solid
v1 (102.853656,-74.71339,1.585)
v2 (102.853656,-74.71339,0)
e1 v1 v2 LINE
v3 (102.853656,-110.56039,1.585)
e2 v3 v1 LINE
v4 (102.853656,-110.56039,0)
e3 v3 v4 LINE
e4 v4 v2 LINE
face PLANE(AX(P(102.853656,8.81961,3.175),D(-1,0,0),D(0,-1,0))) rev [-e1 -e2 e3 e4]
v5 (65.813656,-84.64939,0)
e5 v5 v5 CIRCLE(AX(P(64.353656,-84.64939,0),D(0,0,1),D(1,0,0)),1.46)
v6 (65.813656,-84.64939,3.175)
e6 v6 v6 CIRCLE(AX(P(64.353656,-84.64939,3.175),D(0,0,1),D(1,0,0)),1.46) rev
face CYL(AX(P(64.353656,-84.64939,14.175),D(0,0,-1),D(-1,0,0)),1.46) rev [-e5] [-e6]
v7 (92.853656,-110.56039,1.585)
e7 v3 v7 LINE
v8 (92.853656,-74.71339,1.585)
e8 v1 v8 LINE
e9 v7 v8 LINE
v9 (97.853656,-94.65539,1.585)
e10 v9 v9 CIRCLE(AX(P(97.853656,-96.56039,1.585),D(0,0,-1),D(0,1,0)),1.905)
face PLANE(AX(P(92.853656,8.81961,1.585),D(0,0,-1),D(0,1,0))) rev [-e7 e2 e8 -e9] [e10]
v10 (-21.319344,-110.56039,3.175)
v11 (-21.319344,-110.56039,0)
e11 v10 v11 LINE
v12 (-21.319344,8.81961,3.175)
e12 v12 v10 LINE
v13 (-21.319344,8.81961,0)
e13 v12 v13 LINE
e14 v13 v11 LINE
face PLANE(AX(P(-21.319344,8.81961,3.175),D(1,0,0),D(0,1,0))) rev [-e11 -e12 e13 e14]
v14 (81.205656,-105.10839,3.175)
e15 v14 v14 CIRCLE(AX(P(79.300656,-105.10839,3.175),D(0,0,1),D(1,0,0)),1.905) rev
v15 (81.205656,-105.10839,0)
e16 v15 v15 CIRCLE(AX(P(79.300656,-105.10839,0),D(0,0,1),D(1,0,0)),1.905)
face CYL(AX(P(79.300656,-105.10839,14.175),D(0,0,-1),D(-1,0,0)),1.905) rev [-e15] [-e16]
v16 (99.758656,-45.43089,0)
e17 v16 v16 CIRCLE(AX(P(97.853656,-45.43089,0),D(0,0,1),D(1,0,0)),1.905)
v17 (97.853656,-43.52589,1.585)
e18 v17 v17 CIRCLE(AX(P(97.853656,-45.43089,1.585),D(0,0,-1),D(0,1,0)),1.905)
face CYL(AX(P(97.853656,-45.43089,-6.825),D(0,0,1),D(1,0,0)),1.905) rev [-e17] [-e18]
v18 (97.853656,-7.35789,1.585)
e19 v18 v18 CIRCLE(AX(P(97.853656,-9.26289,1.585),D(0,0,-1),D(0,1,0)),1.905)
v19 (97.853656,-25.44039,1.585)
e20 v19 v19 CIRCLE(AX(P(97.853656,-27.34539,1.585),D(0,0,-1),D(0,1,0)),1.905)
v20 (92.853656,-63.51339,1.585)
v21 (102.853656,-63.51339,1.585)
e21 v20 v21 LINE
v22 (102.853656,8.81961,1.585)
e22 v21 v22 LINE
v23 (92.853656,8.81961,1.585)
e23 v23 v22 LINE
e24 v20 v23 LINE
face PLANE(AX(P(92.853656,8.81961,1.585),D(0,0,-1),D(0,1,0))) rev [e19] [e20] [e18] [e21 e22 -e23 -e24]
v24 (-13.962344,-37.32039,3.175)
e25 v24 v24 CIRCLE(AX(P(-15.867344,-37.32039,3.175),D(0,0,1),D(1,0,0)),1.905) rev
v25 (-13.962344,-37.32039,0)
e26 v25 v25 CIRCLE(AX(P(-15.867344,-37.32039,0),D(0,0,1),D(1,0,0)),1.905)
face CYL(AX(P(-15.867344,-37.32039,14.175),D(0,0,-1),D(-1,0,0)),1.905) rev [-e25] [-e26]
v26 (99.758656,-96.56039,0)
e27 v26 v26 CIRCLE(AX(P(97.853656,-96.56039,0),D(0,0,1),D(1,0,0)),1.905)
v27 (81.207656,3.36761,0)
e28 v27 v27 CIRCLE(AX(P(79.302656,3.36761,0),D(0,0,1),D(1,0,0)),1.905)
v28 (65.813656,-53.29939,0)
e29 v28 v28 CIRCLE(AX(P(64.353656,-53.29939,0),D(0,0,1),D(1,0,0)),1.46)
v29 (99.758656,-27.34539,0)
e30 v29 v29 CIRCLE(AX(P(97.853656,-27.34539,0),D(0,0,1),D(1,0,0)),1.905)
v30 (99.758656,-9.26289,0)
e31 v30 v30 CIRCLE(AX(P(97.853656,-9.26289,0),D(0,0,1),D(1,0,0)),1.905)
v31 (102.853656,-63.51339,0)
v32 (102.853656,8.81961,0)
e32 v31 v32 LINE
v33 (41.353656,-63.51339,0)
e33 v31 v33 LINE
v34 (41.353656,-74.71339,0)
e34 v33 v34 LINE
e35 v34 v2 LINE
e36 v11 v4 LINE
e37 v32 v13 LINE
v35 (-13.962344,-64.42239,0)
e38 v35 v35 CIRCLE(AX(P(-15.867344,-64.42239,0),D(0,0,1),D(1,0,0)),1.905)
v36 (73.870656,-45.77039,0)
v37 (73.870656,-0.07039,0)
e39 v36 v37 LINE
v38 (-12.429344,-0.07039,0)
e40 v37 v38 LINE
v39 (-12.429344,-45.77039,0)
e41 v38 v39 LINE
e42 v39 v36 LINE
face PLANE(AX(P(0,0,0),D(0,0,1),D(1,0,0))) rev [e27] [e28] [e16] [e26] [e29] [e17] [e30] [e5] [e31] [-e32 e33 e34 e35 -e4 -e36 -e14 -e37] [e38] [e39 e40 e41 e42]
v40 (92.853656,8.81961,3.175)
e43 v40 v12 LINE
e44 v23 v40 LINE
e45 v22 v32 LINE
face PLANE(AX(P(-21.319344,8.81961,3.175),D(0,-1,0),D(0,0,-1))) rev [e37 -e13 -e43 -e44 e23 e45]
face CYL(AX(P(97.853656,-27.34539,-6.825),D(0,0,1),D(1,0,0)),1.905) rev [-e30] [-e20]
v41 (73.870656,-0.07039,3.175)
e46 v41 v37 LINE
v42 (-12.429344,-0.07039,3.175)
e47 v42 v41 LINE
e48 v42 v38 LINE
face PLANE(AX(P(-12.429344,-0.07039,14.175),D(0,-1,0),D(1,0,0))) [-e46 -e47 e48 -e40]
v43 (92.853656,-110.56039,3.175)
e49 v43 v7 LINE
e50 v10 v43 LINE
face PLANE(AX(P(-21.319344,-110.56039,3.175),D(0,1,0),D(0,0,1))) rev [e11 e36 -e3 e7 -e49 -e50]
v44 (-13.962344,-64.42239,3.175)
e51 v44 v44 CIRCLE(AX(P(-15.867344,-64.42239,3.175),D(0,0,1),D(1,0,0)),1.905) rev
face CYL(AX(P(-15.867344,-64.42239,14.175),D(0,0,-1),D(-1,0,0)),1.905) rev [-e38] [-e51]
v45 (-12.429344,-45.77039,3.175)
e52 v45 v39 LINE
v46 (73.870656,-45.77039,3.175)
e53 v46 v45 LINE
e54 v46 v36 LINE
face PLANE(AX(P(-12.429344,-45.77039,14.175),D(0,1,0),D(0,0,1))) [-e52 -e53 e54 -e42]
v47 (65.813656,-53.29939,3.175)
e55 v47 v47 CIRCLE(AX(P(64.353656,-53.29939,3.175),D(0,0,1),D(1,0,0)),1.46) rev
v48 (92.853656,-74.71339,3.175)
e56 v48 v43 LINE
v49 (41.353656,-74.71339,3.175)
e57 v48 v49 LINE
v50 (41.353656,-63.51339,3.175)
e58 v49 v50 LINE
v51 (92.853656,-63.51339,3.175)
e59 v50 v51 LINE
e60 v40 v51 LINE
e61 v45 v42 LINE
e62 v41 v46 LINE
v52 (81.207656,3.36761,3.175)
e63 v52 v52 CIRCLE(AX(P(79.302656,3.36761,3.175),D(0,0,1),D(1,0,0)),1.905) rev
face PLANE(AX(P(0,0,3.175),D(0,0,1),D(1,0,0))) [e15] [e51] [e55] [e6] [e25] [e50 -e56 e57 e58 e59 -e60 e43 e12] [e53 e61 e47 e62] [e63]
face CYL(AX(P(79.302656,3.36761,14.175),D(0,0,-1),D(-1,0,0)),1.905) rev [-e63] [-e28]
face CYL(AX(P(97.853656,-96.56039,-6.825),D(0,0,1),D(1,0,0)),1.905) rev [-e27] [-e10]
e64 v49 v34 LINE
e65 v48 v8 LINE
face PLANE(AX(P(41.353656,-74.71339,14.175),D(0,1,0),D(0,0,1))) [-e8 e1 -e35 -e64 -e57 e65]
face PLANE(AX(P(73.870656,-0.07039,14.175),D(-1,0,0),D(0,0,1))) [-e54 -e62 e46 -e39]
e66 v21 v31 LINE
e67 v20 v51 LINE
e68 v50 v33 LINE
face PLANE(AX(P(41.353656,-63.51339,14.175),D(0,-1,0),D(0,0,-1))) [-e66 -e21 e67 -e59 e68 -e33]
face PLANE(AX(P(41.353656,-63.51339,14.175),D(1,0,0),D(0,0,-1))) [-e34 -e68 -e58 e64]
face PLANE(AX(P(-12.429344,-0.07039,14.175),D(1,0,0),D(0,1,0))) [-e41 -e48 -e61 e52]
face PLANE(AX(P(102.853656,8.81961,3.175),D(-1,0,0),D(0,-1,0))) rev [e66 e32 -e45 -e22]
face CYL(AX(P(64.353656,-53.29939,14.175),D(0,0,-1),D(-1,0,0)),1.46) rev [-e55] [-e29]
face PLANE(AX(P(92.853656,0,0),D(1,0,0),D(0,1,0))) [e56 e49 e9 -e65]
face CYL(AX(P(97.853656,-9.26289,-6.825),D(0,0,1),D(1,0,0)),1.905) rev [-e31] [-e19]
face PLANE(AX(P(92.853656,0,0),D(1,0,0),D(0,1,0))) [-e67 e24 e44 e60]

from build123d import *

# Parameters (mm, degrees)
SKETCH2_W           = 124.173
SKETCH2_H           = 119.38
BOSS_EXTRUDE1_DEPTH = 3.175
SKETCH4_R           = 1.905
SKETCH4_R_2         = 1.46
SKETCH4_W           = 86.3
SKETCH4_H           = 45.7
SKETCH4_W_2         = 61.5
SKETCH4_H_2         = 11.2
CUT_EXTRUDE1_DEPTH  = 14.175
SKETCH10_W          = 1.59
SKETCH10_H          = 120
CUT_EXTRUDE3_DEPTH  = 10
SKETCH11_R          = 1.905
CUT_EXTRUDE4_DEPTH  = 10


with BuildPart() as part:
    # Sketch2 → Boss-Extrude1 (new body)
    with BuildSketch(Plane.XY):
        with Locations((40.767155738, -50.87039032)):
            Rectangle(SKETCH2_W, SKETCH2_H)
    extrude(amount=BOSS_EXTRUDE1_DEPTH)

    # Sketch4 → Cut-Extrude1 (cut)
    with BuildSketch(Plane.XY):
        with Locations((-15.867344262, -37.32039032)):
            Circle(SKETCH4_R)
        with Locations((-15.867344262, -64.42239032)):
            Circle(SKETCH4_R)
        with Locations((79.302655738, 3.36760968)):
            Circle(SKETCH4_R)
        with Locations((79.300655738, -105.10839032)):
            Circle(SKETCH4_R)
        with Locations((64.353655738, -53.29939032)):
            Circle(SKETCH4_R_2)
        with Locations((64.353655738, -84.64939032)):
            Circle(SKETCH4_R_2)
        with Locations((30.720655738, -22.92039032)):
            Rectangle(SKETCH4_W, SKETCH4_H)
        with Locations((72.103655738, -69.11339032)):
            Rectangle(SKETCH4_W_2, SKETCH4_H_2)
    extrude(amount=CUT_EXTRUDE1_DEPTH, mode=Mode.SUBTRACT)

    # Sketch10 → Cut-Extrude3 (cut)
    with BuildSketch(Plane(origin=(102.853655738, 0, 0), x_dir=(0, 0, -1), z_dir=(1, 0, 0))):
        with Locations((-2.380000064, -51.180389625)):
            Rectangle(SKETCH10_W, SKETCH10_H)
    extrude(amount=-CUT_EXTRUDE3_DEPTH, mode=Mode.SUBTRACT)

    # Sketch11 → Cut-Extrude4 (cut)
    with BuildSketch(Plane.XY.offset(3.175)):
        with Locations((97.853655738, -9.262889625)):
            Circle(SKETCH11_R)
        with Locations((97.853655738, -27.345389625)):
            Circle(SKETCH11_R)
        with Locations((97.853655738, -45.43089032)):
            Circle(SKETCH11_R)
        with Locations((97.853655738, -96.56039032)):
            Circle(SKETCH11_R)
    extrude(amount=-CUT_EXTRUDE4_DEPTH, mode=Mode.SUBTRACT)


solid = part.part
